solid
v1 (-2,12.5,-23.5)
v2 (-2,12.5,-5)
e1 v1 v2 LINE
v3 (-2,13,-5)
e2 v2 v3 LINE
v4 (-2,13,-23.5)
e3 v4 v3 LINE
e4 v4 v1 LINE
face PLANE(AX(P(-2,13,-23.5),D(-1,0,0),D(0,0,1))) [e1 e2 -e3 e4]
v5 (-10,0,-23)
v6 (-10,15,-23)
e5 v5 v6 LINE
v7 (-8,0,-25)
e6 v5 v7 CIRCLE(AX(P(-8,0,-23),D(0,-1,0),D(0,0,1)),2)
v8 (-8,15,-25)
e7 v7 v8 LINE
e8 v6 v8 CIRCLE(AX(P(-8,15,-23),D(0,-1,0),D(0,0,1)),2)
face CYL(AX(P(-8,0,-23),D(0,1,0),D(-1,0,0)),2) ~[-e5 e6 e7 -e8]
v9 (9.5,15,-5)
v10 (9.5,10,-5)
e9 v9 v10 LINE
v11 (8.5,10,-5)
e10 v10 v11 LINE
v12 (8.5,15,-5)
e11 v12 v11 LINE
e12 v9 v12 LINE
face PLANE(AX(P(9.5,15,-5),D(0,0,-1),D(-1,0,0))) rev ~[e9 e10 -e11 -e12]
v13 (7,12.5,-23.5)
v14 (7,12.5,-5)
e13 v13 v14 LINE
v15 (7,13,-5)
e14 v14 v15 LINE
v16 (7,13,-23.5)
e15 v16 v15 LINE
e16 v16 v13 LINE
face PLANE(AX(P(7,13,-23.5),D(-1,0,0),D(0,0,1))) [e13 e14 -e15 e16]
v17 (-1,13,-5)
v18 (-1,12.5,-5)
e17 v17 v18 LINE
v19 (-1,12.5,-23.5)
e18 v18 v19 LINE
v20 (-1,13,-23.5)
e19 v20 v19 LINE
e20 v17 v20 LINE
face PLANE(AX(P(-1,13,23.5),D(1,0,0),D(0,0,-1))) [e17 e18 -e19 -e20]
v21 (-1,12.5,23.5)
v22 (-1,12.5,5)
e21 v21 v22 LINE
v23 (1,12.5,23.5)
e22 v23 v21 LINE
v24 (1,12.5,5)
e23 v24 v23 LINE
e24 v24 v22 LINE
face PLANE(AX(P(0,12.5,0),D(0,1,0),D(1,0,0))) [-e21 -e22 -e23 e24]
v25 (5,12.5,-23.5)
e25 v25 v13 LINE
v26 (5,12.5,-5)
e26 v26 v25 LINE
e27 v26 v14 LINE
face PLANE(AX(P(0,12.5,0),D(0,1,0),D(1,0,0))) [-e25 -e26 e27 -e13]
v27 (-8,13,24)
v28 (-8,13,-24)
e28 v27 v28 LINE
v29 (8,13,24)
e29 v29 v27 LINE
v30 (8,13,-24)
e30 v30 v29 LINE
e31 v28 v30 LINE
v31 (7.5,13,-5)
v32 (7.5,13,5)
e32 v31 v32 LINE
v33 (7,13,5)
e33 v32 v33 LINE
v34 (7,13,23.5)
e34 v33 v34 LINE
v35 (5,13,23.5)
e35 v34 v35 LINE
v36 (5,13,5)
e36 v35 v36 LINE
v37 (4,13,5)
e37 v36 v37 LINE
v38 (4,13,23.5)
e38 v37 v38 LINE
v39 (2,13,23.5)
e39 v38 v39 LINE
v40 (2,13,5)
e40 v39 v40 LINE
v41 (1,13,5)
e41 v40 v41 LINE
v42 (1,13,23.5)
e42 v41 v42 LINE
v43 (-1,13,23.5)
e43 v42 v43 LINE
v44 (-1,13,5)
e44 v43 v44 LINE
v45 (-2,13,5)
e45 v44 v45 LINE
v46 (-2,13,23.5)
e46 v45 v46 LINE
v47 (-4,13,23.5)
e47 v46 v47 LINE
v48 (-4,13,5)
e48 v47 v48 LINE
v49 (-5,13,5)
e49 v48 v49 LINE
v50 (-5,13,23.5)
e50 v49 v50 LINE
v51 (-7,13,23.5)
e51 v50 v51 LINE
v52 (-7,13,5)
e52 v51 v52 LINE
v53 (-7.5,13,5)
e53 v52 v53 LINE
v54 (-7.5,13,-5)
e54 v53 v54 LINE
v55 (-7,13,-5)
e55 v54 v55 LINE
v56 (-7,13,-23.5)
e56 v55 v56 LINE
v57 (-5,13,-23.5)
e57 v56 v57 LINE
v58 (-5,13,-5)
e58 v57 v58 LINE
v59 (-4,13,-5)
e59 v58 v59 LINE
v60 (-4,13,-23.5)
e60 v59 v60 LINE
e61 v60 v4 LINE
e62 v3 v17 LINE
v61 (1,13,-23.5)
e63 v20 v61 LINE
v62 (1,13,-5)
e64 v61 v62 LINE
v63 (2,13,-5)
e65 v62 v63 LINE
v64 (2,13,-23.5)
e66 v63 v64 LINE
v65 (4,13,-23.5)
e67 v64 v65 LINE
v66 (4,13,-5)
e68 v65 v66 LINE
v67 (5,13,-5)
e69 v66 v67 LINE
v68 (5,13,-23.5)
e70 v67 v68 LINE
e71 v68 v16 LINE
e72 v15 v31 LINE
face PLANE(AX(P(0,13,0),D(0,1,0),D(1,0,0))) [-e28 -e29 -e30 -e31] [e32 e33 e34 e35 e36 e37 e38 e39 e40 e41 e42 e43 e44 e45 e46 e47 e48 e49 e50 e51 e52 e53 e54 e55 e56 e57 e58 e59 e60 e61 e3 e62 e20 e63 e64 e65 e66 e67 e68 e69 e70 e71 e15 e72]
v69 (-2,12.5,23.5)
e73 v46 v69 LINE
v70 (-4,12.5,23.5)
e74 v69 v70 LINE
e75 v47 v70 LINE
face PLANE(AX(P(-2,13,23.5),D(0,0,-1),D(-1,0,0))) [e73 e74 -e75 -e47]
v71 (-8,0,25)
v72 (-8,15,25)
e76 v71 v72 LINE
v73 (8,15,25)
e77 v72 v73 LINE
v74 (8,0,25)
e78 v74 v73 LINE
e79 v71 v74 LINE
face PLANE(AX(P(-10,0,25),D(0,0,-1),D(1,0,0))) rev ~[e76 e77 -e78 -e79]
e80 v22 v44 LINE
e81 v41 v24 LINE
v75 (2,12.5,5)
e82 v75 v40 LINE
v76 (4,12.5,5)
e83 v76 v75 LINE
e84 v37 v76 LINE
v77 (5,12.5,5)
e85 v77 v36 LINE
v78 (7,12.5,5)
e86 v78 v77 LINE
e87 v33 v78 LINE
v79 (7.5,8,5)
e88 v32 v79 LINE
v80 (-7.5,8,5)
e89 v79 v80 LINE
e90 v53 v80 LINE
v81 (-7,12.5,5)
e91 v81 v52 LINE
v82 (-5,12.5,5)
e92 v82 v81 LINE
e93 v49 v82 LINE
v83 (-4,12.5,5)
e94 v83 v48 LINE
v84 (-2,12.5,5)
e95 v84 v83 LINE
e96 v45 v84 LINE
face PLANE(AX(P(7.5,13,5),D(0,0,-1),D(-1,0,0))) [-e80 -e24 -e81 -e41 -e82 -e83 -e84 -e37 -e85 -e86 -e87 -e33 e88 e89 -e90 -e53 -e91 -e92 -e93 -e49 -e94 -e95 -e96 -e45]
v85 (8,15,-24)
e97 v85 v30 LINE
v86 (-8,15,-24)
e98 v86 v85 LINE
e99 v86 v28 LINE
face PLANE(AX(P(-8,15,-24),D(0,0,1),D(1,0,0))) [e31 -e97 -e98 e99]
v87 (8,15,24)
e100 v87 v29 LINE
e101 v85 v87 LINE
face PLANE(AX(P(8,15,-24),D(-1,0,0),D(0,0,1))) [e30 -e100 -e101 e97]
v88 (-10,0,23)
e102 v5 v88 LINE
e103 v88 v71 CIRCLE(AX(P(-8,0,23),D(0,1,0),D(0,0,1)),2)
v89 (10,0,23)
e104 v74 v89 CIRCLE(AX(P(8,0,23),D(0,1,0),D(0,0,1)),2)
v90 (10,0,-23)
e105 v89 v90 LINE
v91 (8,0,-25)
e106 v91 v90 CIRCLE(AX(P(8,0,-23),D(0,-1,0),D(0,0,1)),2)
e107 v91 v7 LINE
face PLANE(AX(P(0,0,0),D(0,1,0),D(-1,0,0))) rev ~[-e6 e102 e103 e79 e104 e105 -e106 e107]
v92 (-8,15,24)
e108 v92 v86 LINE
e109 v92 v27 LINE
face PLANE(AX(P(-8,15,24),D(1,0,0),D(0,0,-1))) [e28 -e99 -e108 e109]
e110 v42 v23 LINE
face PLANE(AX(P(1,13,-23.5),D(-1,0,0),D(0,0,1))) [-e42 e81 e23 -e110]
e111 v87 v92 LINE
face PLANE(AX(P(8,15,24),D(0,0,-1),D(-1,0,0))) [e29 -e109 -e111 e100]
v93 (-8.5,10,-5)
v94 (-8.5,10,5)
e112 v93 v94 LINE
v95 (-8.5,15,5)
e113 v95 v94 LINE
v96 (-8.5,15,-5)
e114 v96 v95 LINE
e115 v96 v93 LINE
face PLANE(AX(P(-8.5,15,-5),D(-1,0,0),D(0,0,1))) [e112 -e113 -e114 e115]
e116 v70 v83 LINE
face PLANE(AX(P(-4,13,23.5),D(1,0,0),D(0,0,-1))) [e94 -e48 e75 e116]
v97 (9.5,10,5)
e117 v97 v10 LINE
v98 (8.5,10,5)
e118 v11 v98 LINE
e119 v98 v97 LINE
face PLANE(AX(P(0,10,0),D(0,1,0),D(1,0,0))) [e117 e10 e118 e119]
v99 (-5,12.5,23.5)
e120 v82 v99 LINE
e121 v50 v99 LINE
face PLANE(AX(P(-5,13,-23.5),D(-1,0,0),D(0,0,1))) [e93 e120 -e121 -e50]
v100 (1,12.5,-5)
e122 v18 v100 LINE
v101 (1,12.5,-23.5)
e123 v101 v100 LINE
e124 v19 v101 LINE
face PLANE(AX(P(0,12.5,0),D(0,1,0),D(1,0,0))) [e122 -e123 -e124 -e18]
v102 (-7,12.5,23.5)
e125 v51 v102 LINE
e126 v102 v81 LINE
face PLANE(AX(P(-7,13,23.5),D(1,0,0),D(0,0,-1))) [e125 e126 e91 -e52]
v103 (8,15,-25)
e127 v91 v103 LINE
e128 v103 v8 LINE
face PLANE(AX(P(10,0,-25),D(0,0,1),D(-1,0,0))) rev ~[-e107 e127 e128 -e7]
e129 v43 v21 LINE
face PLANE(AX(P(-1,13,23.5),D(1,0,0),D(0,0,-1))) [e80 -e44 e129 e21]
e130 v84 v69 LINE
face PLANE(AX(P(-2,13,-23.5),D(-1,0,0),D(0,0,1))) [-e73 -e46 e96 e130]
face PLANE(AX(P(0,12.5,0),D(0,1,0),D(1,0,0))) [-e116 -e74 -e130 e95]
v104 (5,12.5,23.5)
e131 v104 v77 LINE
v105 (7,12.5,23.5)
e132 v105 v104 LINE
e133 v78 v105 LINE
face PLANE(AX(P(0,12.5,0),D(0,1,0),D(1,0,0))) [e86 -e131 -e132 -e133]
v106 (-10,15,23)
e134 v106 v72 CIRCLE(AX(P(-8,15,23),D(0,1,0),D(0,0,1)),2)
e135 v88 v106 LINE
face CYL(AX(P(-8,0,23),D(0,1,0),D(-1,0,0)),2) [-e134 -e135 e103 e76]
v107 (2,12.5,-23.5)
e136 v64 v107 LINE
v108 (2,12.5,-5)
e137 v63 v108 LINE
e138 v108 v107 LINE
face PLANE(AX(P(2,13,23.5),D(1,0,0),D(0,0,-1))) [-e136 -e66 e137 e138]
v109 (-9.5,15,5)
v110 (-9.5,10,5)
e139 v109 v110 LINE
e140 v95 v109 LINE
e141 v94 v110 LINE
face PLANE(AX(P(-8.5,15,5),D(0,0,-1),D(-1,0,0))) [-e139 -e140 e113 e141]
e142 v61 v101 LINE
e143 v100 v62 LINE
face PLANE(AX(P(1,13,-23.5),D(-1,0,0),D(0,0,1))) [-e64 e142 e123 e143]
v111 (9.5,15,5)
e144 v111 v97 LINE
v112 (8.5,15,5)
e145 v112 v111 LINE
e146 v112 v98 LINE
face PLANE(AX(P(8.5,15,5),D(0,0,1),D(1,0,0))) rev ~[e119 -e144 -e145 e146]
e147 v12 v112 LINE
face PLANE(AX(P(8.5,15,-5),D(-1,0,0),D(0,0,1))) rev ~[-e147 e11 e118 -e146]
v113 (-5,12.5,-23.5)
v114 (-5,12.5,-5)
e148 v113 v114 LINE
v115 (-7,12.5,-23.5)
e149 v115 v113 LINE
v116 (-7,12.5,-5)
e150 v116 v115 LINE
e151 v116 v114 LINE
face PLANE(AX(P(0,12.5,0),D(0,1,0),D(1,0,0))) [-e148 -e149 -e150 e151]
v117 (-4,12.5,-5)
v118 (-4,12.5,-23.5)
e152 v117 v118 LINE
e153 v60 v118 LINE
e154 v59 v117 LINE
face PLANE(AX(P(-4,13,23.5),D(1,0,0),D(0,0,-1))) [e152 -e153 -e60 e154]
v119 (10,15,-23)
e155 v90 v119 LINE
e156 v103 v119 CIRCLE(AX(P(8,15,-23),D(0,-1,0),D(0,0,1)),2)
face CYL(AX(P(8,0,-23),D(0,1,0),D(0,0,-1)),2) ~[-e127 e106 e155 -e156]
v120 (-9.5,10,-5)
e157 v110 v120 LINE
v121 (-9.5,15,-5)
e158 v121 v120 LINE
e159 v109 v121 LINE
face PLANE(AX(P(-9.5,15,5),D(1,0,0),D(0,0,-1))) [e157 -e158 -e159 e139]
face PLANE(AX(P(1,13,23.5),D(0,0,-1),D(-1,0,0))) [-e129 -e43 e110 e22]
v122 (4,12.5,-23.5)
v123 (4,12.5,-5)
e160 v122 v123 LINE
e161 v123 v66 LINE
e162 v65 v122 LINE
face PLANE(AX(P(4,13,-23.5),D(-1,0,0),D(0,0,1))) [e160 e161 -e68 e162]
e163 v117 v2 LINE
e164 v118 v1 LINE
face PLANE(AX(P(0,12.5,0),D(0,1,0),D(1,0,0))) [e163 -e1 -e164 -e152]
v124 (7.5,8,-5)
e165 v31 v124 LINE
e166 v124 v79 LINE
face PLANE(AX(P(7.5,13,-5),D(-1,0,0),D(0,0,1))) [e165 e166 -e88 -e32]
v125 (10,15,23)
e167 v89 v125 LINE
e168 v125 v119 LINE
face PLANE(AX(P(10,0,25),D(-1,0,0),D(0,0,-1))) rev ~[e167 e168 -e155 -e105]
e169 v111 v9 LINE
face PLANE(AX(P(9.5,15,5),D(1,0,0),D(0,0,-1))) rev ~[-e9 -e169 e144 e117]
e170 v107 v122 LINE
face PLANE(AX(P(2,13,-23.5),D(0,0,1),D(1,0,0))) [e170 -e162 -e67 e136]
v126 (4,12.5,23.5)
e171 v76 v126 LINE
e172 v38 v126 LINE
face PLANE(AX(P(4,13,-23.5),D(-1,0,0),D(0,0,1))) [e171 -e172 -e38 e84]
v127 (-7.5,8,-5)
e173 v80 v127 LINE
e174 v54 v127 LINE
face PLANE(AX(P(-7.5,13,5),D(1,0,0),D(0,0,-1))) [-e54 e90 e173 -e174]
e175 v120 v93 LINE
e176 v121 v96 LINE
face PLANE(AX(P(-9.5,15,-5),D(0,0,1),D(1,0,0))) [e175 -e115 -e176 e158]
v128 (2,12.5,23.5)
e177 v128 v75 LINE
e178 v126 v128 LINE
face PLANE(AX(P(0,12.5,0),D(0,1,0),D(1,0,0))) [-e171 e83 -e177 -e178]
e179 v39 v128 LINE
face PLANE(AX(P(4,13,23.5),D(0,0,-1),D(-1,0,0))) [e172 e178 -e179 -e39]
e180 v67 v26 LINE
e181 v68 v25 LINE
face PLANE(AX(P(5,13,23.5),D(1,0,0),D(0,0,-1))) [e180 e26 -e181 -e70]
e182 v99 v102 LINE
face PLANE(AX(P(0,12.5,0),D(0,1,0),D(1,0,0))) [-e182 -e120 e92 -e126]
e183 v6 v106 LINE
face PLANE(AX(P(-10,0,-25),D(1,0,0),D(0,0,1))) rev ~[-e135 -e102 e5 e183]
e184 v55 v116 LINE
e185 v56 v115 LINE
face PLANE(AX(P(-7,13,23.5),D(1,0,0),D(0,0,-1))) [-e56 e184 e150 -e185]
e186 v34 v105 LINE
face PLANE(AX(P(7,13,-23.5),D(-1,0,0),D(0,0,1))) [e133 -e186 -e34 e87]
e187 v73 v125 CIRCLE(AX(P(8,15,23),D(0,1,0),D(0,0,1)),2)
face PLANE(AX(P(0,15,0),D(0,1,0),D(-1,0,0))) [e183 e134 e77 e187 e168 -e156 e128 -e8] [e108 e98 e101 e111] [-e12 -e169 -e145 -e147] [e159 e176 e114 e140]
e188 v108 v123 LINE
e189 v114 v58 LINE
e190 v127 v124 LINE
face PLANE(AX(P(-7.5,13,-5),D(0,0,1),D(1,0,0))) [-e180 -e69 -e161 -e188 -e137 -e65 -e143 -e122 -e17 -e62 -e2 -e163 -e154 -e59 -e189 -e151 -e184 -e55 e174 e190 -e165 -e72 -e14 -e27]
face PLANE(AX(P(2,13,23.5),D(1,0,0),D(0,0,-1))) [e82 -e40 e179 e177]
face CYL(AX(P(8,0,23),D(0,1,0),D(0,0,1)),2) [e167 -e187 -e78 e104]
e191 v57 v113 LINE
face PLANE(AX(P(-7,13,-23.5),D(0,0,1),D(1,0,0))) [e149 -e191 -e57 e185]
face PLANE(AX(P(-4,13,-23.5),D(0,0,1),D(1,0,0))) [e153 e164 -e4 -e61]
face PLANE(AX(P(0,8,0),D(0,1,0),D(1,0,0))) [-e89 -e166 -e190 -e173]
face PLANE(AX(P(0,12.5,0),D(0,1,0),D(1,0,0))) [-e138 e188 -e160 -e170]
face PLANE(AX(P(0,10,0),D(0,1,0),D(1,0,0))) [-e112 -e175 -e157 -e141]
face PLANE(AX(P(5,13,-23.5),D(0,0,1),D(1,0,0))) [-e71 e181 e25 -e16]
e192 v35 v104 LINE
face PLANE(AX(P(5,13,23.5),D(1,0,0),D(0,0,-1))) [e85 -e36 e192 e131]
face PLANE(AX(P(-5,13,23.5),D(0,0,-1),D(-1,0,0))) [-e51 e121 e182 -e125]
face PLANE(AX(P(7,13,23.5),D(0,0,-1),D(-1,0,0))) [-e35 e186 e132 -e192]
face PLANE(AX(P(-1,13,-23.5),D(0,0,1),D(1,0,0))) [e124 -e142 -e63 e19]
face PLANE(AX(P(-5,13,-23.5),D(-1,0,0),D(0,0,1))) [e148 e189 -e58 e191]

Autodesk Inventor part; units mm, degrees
ref_plane "YZ Plane" through (0, 0, 0) normal (1, 0, 0) x (0, 1, 0)
ref_plane "XZ Plane" through (0, 0, 0) normal (0, 1, 0) x (-1, 0, 0)
ref_plane "XY Plane" through (0, 0, 0) normal (0, 0, 1) x (1, 0, 0)
sketch "Skizze1" plane through (0, 0, 0) normal (0, 1, 0) x (-1, 0, 0)
  line L0 (10, 25) -> (-10, 25)
  line L1 (-10, 25) -> (-10, -25)
  line L2 (-10, -25) -> (10, -25)
  line L3 (10, -25) -> (10, 25)
  point P0 (0, 0)
  dimension "d0" = 50
  dimension "d1" = 20
  dimension "d20" = 10
  dimension "d21" = 25
extrude "Extrusion1" add sketch "Skizze1" along normal blind 15
sketch "Skizze3" plane through (0, 15, 0) normal (0, 1, 0) x (1, 0, 0)
  line L0 (-8, 24) -> (8, 24)
  line L1 (8, 24) -> (8, -24)
  line L2 (8, -24) -> (-8, -24)
  line L3 (-8, -24) -> (-8, 24)
  line L4 (10, 25) -> (-10, 25) projected
  line L5 (-10, -25) -> (10, -25) projected
  line L6 (10, -25) -> (10, 25) projected
  line L7 (-10, 25) -> (-10, -25) projected
  point P0 (0, 0)
  dimension "d4" = 1
  dimension "d5" = 1
  dimension "d6" = 2
  dimension "d7" = 2
extrude "Extrusion2" cut sketch "Skizze3" against normal blind 2 contours L0 L1 L2 L3
sketch "Skizze4" plane through (0, 13, 0) normal (0, 1, 0) x (1, 0, 0)
  line L0 (-1, 23.5) -> (1, 23.5)
  line L1 (1, 23.5) -> (1, -23.5)
  line L2 (1, -23.5) -> (-1, -23.5)
  line L3 (-1, -23.5) -> (-1, 23.5)
  line L4 (-8, 24) -> (8, 24) projected
  line L5 (8, -24) -> (-8, -24) projected
  line L6 (2, 23.5) -> (4, 23.5)
  line L7 (4, 23.5) -> (4, -23.5)
  line L8 (4, -23.5) -> (2, -23.5)
  line L9 (2, -23.5) -> (2, 23.5)
  line L10 (-7, 23.5) -> (-5, 23.5)
  line L11 (-5, 23.5) -> (-5, -23.5)
  line L12 (-5, -23.5) -> (-7, -23.5)
  line L13 (-7, -23.5) -> (-7, 23.5)
  line L14 (-4, 23.5) -> (-2, 23.5)
  line L15 (-2, 23.5) -> (-2, -23.5)
  line L16 (-2, -23.5) -> (-4, -23.5)
  line L17 (-4, -23.5) -> (-4, 23.5)
  line L18 (5, 23.5) -> (7, 23.5)
  line L19 (7, 23.5) -> (7, -23.5)
  line L20 (7, -23.5) -> (5, -23.5)
  line L21 (5, -23.5) -> (5, 23.5)
  line L22 (-8, -24) -> (-8, 24) projected
  line L23 (8, 24) -> (8, -24) projected
  point P0 (0, 0)
  point P1 (0, -23.5)
  point P2 (0, -24)
  point P3 (6, 23.5)
  dimension "d10" = 2
  dimension "d11" = 0.5
  dimension "d12" = 0.5
  dimension "d33" = 2
  dimension "d34" = 2
  dimension "d35" = 2
  dimension "d36" = 2
  dimension "d37" = 1
  dimension "d38" = 1
  dimension "d39" = 1
  dimension "d40" = 1
  dimension "d41" = 1
  dimension "d42" = 1
  dimension "d50" = 47
  dimension "d51" = 0.5
  dimension "d52" = 0.5
  dimension "d53" = 0.5
  dimension "d54" = 0.5
  dimension "d55" = 47
sketch "Skizze5" plane through (0, 0, 0) normal (1, 0, 0) x (0, 1, 0)
  point P0 (0, 0)
extrude "Extrusion3" cut sketch "Skizze4" against normal blind 0.5 contours L0 L1 L2 L3 | L6 L7 L8 L9 | L10 L11 L12 L13 | L14 L15 L16 L17 | L18 L19 L20 L21
sketch "Skizze6" plane through (0, 13, 0) normal (0, 1, 0) x (1, 0, 0)
  line L0 (8, 24) -> (8, -24) projected
  point P0 (0, 0)
  point P1 (4.1748, -18.2105)
  point P2 (-0.1937, 19)
  point P3 (8, 0)
sketch "Skizze8" plane through (0, 15, 0) normal (0, 1, 0) x (1, 0, 0)
  point P0 (0, 0)
sketch "Skizze9" plane through (0, 15, 0) normal (0, 1, 0) x (1, 0, 0)
  line L0 (9.5, 5) -> (8.5, 5)
  line L1 (8.5, 5) -> (8.5, -5)
  line L2 (8.5, -5) -> (9.5, -5)
  line L3 (9.5, -5) -> (9.5, 5)
  line L4 (8, 24) -> (8, -24) construction
  line L5 (-8.5, -5) -> (-9.5, -5)
  line L6 (-9.5, -5) -> (-9.5, 5)
  line L7 (-9.5, 5) -> (-8.5, 5)
  line L8 (-8.5, 5) -> (-8.5, -5)
  line L9 (-10, 25) -> (-10, -25) projected
  point P0 (0, 0)
  point P1 (9, -5)
  point P2 (9.5, 0)
  dimension "d23" = 10
  dimension "d24" = 0.5
  dimension "d25" = 1
  dimension "d26" = 0
  dimension "d29" = 1
  dimension "d30" = 0.5
extrude "Extrusion5" cut sketch "Skizze9" against normal blind 5
sketch "Skizze10" plane through (0, 13, 0) normal (0, 1, 0) x (1, 0, 0)
  line L0 (-7.5, 5) -> (7.5, 5)
  line L1 (7.5, 5) -> (7.5, -5)
  line L2 (7.5, -5) -> (-7.5, -5)
  line L3 (-7.5, -5) -> (-7.5, 5)
  line L4 (-8, -24) -> (-8, 24) projected
  line L5 (8, 24) -> (8, -24) projected
  line L6 (-8, 24) -> (8, 24) projected
  point P0 (0, 0)
  dimension "d43" = 0.5
  dimension "d44" = 0.5
  dimension "d45" = 10
  dimension "d46" = 19
extrude "Extrusion6" cut sketch "Skizze10" against normal blind 5
fillet "Rundung1" radius 2 4 edges at (10, 7.5, 25) (-10, 7.5, 25) (10, 7.5, -25) (-10, 7.5, -25)
properties part number "Nadelbox"
